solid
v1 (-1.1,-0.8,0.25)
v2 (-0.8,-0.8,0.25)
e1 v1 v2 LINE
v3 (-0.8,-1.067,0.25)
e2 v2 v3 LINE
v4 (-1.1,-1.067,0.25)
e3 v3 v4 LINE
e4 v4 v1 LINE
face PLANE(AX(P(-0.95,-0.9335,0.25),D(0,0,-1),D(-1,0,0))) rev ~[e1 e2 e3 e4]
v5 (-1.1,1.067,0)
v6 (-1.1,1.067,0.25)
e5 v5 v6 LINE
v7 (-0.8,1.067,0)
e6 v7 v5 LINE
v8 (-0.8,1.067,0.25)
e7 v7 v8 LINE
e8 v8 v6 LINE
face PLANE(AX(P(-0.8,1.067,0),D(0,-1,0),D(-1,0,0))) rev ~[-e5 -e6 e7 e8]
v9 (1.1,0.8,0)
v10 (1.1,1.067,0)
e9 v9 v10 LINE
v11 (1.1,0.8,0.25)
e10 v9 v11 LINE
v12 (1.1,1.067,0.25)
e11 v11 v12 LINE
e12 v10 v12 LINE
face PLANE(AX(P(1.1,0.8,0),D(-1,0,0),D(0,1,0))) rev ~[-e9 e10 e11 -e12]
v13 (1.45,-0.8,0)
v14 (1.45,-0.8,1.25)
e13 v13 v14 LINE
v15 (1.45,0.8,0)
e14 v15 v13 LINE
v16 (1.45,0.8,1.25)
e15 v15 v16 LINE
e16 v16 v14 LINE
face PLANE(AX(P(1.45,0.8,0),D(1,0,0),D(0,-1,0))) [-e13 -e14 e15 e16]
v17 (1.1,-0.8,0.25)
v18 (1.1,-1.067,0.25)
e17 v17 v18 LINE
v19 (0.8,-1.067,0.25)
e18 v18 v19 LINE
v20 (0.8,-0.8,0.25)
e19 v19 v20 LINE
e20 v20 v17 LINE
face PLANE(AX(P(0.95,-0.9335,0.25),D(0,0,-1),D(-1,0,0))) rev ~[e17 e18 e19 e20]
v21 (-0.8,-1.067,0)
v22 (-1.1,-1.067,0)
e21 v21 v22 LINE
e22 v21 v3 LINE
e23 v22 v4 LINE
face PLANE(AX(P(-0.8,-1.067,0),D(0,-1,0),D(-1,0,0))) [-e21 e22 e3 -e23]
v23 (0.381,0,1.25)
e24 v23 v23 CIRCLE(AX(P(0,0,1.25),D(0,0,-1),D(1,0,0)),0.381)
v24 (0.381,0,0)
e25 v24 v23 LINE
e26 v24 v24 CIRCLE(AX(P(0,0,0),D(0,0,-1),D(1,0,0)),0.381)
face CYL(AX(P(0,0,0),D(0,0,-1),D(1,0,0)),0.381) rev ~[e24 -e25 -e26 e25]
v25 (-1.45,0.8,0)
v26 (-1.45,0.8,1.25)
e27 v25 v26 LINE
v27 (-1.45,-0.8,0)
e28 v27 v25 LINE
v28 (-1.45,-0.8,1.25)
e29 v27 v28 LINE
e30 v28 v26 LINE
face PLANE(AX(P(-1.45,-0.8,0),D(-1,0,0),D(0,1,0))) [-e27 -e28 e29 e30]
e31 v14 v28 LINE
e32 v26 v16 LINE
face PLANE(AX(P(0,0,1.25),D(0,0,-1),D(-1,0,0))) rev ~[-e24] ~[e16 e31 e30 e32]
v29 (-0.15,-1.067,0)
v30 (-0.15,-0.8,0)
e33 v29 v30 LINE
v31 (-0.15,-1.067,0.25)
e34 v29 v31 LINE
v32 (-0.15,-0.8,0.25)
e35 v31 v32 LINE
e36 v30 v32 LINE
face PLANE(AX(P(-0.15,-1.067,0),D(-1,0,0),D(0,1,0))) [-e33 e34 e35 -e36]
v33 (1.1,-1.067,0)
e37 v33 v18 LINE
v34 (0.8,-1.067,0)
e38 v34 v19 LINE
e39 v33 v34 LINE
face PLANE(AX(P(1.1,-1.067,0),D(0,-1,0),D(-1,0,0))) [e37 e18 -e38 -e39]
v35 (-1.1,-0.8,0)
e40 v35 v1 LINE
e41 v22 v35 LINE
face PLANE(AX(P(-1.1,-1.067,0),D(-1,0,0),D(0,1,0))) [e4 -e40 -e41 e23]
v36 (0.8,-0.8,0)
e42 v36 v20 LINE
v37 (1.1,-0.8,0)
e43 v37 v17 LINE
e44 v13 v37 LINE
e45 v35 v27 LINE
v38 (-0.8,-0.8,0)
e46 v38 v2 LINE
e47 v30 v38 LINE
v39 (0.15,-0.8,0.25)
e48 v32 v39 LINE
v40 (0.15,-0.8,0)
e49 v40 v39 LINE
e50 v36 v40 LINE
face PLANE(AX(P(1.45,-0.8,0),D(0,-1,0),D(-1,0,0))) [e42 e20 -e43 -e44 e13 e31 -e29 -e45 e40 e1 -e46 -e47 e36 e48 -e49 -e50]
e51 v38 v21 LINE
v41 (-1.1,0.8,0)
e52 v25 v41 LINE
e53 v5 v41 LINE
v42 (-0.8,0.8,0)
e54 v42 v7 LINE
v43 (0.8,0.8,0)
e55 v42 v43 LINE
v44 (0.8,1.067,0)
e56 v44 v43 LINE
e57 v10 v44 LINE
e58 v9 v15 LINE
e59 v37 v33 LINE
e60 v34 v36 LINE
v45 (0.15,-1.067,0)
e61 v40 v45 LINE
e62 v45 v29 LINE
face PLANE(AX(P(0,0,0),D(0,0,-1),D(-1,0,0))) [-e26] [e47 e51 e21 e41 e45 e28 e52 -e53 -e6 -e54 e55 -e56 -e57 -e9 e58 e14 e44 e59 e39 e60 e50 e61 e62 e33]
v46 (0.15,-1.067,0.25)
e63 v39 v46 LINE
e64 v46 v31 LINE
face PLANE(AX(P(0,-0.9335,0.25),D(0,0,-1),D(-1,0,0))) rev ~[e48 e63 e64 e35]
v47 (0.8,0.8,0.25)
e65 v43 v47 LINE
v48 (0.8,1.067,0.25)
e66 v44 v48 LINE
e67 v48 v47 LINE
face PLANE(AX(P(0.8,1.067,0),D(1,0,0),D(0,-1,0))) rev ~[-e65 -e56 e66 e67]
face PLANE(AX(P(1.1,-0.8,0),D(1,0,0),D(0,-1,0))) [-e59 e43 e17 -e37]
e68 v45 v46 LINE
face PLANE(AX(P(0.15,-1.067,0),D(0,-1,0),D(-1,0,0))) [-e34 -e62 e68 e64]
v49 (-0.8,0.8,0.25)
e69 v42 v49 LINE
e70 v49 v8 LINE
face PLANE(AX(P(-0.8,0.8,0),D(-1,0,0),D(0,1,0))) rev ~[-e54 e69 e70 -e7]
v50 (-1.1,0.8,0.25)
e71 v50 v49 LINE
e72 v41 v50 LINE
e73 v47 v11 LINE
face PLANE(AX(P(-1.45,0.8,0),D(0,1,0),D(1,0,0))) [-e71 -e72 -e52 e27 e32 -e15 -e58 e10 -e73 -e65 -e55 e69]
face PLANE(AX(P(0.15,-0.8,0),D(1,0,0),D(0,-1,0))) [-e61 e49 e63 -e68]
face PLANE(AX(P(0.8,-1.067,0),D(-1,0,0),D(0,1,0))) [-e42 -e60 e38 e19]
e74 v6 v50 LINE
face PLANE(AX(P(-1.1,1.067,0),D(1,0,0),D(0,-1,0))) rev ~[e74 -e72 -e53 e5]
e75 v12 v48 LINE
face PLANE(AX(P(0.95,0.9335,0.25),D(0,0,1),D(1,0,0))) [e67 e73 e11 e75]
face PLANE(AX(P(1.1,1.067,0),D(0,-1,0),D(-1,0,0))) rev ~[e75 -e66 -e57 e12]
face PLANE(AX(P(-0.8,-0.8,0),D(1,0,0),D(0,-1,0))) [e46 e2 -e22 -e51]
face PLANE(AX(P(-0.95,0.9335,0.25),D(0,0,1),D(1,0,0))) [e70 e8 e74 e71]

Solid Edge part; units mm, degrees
sketch "Sketch1" plane through (0, 0, 0) normal (0, 0, 1) x (1, 0, 0)
  line L0 (1.45, -0.8) -> (-1.45, -0.8)
  line L1 (-1.45, -0.8) -> (-1.45, 0.8)
  line L2 (-1.45, 0.8) -> (1.45, 0.8)
  line L3 (1.45, 0.8) -> (1.45, -0.8)
extrude "Protrusion1" add sketch "Sketch1" along normal blind 1.25
sketch "Sketch2" plane through (0, 0, 0) normal (0, 0, -1) x (1, 0, 0)
  line L0 (-0.8, 1.067) -> (-1.1, 1.067)
  line L1 (-1.1, 1.067) -> (-1.1, 0.8)
  line L2 (-1.1, 0.8) -> (-0.8, 0.8)
  line L3 (-0.8, 0.8) -> (-0.8, 1.067)
  line L4 (0.15, 1.067) -> (-0.15, 1.067)
  line L5 (-0.15, 1.067) -> (-0.15, 0.8)
  line L6 (-0.15, 0.8) -> (0.15, 0.8)
  line L7 (0.15, 0.8) -> (0.15, 1.067)
  line L8 (1.1, 1.067) -> (0.8, 1.067)
  line L9 (0.8, 1.067) -> (0.8, 0.8)
  line L10 (0.8, 0.8) -> (1.1, 0.8)
  line L11 (1.1, 0.8) -> (1.1, 1.067)
  line L12 (1.1, -1.067) -> (0.8, -1.067)
  line L13 (0.8, -1.067) -> (0.8, -0.8)
  line L14 (0.8, -0.8) -> (1.1, -0.8)
  line L15 (1.1, -0.8) -> (1.1, -1.067)
  line L16 (-0.8, -1.067) -> (-1.1, -1.067)
  line L17 (-1.1, -1.067) -> (-1.1, -0.8)
  line L18 (-1.1, -0.8) -> (-0.8, -0.8)
  line L19 (-0.8, -0.8) -> (-0.8, -1.067)
  dimension "D1" = 0.3
  dimension "D2" = 1.9
  dimension "D3" = 0.95
extrude "ExtrudedProtrusion_2" add sketch "Sketch2" against normal blind 0.25
sketch "Sketch3" plane through (0, 0, 0) normal (0, 0, -1) x (1, 0, 0)
  circle A0 centre (0, 0) radius 0.381
extrude "Cutout1" cut sketch "Sketch3" against normal through all
